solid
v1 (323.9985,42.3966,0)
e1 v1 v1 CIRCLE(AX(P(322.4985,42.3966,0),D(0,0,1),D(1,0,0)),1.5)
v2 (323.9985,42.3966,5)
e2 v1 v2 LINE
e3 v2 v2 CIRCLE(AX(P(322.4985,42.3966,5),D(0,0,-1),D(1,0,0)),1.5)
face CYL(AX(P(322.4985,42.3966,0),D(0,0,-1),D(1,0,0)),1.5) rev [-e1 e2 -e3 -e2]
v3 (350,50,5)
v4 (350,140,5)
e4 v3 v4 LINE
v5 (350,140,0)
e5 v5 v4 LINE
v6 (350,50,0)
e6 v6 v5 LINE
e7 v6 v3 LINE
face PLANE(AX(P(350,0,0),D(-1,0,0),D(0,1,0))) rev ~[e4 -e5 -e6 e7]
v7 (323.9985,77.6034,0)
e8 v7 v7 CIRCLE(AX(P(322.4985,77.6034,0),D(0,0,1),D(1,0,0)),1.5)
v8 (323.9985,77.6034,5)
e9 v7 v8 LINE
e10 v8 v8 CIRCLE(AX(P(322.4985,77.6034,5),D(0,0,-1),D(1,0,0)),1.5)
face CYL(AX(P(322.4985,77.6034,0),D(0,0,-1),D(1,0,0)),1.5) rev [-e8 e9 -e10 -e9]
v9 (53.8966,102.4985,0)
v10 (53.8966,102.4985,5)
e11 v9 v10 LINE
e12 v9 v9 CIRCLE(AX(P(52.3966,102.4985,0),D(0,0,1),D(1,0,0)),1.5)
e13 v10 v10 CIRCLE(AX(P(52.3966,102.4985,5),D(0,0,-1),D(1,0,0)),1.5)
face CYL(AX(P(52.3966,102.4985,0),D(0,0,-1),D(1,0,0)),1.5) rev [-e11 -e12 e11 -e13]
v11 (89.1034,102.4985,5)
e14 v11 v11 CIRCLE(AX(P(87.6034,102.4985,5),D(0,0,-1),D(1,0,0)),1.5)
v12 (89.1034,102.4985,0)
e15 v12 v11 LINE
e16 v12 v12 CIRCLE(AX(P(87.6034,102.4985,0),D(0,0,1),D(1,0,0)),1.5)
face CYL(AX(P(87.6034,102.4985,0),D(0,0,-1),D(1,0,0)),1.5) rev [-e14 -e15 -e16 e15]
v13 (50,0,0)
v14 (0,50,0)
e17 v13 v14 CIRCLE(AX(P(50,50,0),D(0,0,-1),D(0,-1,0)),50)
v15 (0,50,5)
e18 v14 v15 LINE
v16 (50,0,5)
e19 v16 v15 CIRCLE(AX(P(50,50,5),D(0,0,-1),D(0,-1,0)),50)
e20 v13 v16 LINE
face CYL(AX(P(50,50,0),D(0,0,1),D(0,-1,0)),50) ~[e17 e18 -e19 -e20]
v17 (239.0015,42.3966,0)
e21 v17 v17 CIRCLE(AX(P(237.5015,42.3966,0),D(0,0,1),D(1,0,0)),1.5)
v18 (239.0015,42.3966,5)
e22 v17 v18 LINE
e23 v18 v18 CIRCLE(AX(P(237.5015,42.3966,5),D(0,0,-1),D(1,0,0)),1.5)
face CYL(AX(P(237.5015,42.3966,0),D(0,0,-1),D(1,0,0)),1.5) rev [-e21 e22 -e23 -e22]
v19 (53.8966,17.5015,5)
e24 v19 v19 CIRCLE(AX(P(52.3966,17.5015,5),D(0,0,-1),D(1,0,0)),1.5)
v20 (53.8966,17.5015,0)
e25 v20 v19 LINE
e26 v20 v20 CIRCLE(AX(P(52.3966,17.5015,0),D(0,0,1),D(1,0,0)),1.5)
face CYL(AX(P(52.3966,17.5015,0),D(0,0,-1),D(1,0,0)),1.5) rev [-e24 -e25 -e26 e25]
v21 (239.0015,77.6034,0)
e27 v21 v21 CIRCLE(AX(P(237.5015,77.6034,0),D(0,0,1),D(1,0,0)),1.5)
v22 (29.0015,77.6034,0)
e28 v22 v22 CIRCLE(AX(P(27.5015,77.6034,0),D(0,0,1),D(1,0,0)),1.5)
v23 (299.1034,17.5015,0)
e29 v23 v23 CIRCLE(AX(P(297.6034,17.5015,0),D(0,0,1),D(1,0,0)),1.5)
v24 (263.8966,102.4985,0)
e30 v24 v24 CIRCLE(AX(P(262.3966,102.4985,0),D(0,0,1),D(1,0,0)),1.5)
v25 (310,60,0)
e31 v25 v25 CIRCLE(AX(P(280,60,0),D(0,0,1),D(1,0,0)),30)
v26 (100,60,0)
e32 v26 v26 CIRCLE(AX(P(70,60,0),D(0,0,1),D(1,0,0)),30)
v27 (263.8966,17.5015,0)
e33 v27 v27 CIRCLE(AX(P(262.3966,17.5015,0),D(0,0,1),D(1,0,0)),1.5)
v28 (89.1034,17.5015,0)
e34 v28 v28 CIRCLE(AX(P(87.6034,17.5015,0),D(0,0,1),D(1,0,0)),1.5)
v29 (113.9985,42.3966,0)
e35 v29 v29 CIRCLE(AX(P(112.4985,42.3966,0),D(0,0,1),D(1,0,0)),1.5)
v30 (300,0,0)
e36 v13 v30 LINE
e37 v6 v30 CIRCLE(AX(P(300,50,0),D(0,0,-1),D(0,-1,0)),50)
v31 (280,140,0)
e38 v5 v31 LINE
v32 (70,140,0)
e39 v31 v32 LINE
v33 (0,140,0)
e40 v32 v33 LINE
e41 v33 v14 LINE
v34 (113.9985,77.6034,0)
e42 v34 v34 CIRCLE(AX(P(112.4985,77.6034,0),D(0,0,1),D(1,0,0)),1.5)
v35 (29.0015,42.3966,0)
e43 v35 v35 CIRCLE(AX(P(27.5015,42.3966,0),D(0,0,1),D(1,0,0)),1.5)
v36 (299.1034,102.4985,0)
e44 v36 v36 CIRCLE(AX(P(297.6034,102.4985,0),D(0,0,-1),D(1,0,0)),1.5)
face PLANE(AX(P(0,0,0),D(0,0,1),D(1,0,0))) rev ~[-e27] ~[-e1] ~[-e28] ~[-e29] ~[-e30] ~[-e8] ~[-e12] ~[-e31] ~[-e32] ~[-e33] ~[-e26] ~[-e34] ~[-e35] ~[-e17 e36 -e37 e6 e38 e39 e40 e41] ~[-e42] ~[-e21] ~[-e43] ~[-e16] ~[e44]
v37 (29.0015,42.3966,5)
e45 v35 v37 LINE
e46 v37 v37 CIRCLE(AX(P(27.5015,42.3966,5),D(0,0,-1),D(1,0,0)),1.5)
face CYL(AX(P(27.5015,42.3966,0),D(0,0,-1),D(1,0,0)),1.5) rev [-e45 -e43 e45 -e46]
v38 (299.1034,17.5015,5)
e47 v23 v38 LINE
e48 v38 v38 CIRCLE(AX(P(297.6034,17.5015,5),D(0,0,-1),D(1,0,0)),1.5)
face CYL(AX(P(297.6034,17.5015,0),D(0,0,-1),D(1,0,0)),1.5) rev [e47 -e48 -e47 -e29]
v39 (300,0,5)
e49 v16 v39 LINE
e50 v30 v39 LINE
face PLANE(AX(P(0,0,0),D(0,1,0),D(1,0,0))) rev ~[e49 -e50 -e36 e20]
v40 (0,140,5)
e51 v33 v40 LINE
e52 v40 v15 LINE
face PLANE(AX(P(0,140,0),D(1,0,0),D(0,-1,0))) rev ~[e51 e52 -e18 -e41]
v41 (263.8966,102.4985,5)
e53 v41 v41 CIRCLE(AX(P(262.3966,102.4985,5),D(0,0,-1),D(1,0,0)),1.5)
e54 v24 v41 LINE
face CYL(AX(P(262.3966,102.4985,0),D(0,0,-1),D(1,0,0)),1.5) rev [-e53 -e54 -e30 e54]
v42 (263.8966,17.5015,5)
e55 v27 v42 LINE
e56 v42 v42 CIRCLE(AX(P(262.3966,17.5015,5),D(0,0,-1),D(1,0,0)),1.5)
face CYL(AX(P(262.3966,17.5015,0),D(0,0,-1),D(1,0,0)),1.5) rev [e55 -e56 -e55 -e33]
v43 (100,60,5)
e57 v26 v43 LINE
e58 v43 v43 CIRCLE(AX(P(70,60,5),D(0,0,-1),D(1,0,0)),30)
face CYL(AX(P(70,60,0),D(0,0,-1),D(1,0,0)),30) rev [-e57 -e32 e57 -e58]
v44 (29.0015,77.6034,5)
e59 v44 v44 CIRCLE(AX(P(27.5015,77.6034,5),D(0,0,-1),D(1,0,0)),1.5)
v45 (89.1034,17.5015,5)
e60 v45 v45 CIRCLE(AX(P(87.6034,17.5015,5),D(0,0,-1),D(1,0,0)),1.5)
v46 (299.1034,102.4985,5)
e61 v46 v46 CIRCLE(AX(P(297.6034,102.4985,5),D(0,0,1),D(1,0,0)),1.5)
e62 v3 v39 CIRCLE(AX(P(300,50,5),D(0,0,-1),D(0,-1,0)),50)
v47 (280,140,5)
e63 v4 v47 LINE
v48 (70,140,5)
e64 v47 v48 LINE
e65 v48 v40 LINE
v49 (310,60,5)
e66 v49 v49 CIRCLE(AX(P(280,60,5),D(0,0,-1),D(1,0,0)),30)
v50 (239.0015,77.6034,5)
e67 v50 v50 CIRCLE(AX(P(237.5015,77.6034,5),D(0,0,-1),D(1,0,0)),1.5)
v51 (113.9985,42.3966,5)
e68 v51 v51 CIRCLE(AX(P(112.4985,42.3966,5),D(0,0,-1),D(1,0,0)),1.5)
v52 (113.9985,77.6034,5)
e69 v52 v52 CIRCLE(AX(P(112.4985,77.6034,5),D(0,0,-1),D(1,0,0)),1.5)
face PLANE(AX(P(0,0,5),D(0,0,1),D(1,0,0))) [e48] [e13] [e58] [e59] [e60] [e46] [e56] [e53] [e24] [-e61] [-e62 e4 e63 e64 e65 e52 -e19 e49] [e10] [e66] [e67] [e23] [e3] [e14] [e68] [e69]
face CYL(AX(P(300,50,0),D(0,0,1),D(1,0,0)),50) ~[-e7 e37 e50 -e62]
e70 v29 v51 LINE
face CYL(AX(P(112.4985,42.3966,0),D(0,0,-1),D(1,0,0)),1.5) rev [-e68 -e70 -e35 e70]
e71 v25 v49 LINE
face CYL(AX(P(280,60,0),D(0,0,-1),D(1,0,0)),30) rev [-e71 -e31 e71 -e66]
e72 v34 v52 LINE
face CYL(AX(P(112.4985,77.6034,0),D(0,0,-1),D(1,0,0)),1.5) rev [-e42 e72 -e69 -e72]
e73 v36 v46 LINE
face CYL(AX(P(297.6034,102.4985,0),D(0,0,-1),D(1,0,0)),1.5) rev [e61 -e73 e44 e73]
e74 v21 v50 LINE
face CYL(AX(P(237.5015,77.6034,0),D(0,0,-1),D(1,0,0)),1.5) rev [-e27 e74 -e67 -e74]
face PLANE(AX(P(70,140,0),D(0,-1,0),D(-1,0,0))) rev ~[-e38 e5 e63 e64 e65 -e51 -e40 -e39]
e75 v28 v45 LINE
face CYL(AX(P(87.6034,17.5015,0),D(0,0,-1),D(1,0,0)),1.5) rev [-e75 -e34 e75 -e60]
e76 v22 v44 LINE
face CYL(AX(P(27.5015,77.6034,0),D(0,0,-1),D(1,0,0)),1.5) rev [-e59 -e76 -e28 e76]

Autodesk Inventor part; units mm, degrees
ref_plane "YZ Plane" through (0, 0, 0) normal (1, 0, 0) x (0, 1, 0)
ref_plane "XZ Plane" through (0, 0, 0) normal (0, 1, 0) x (-1, 0, 0)
ref_plane "XY Plane" through (0, 0, 0) normal (0, 0, 1) x (1, 0, 0)
sketch "スケッチ1" plane through (0, 0, 0) normal (0, 0, 1) x (1, 0, 0)
  line L0 (0, 0) -> (350, 0)
  line L1 (350, 0) -> (350, 140)
  line L2 (350, 140) -> (0, 140)
  circle A0 centre (70, 60) radius 46
  circle A1 centre (280, 60) radius 46
  line L3 (0, 140) -> (0, 0)
  line L4 (70, 60) -> (70, 156.3161)
  line L5 (280, 60) -> (280, 147.5689)
  line L6 (70, 60) -> (45.2011, 119.8698)
  line L7 (280, 60) -> (258.2896, 112.4136)
  circle A2 centre (52.3966, 102.4985) radius 1.5
  circle A3 centre (262.3966, 102.4985) radius 1.5
  circle A4 centre (27.5015, 77.6034) radius 1.5
  circle A5 centre (27.5015, 42.3966) radius 1.5
  circle A6 centre (52.3966, 17.5015) radius 1.5
  circle A7 centre (87.6034, 17.5015) radius 1.5
  circle A8 centre (112.4985, 42.3966) radius 1.5
  circle A9 centre (112.4985, 77.6034) radius 1.5
  circle A10 centre (87.6034, 102.4985) radius 1.5
  circle A11 centre (237.5015, 77.6034) radius 1.5
  circle A12 centre (237.5015, 42.3966) radius 1.5
  circle A13 centre (262.3966, 17.5015) radius 1.5
  circle A14 centre (297.6034, 17.5015) radius 1.5
  circle A15 centre (322.4985, 42.3966) radius 1.5
  circle A16 centre (322.4985, 77.6034) radius 1.5
  circle A17 centre (297.6034, 102.4985) radius 1.5
  circle A18 centre (70, 60) radius 30
  circle A19 centre (280, 60) radius 30
  dimension "d5" = 92
  dimension "d6" = 92
  dimension "d0" = 350
  dimension "d1" = 140
  dimension "d2" = 60
  dimension "d3" = 60
  dimension "d9" = 70
  dimension "d10" = 70
  dimension "d11" = 22.5
  dimension "d12" = 22.5
  dimension "d13" = 3
  dimension "d14" = 3
  dimension "d17" = 360
  dimension "d21" = 360
  dimension "d23" = 60
  dimension "d24" = 60
extrude "押し出し1" add sketch "スケッチ1" along normal blind 5 contours A1 A17 A16 A15 A14 A13 A12 A11 A3 L7 A19 L5 | L5 A19 L7 A3 A1 | A0 A10 A9 A8 A7 A6 A5 A4 A2 L6 A18 L4 | L4 A18 L6 A2 A0 | L3 L2 L1 L0
fillet "フィレット2" radius 50 2 edges at (350, 0, 2.5) (0, 0, 2.5)
equation "\"d6\" = d5"
equation "\"d2\" = d3"
equation "\"d10\" = d9"
properties part number "legparts_09(six)"
